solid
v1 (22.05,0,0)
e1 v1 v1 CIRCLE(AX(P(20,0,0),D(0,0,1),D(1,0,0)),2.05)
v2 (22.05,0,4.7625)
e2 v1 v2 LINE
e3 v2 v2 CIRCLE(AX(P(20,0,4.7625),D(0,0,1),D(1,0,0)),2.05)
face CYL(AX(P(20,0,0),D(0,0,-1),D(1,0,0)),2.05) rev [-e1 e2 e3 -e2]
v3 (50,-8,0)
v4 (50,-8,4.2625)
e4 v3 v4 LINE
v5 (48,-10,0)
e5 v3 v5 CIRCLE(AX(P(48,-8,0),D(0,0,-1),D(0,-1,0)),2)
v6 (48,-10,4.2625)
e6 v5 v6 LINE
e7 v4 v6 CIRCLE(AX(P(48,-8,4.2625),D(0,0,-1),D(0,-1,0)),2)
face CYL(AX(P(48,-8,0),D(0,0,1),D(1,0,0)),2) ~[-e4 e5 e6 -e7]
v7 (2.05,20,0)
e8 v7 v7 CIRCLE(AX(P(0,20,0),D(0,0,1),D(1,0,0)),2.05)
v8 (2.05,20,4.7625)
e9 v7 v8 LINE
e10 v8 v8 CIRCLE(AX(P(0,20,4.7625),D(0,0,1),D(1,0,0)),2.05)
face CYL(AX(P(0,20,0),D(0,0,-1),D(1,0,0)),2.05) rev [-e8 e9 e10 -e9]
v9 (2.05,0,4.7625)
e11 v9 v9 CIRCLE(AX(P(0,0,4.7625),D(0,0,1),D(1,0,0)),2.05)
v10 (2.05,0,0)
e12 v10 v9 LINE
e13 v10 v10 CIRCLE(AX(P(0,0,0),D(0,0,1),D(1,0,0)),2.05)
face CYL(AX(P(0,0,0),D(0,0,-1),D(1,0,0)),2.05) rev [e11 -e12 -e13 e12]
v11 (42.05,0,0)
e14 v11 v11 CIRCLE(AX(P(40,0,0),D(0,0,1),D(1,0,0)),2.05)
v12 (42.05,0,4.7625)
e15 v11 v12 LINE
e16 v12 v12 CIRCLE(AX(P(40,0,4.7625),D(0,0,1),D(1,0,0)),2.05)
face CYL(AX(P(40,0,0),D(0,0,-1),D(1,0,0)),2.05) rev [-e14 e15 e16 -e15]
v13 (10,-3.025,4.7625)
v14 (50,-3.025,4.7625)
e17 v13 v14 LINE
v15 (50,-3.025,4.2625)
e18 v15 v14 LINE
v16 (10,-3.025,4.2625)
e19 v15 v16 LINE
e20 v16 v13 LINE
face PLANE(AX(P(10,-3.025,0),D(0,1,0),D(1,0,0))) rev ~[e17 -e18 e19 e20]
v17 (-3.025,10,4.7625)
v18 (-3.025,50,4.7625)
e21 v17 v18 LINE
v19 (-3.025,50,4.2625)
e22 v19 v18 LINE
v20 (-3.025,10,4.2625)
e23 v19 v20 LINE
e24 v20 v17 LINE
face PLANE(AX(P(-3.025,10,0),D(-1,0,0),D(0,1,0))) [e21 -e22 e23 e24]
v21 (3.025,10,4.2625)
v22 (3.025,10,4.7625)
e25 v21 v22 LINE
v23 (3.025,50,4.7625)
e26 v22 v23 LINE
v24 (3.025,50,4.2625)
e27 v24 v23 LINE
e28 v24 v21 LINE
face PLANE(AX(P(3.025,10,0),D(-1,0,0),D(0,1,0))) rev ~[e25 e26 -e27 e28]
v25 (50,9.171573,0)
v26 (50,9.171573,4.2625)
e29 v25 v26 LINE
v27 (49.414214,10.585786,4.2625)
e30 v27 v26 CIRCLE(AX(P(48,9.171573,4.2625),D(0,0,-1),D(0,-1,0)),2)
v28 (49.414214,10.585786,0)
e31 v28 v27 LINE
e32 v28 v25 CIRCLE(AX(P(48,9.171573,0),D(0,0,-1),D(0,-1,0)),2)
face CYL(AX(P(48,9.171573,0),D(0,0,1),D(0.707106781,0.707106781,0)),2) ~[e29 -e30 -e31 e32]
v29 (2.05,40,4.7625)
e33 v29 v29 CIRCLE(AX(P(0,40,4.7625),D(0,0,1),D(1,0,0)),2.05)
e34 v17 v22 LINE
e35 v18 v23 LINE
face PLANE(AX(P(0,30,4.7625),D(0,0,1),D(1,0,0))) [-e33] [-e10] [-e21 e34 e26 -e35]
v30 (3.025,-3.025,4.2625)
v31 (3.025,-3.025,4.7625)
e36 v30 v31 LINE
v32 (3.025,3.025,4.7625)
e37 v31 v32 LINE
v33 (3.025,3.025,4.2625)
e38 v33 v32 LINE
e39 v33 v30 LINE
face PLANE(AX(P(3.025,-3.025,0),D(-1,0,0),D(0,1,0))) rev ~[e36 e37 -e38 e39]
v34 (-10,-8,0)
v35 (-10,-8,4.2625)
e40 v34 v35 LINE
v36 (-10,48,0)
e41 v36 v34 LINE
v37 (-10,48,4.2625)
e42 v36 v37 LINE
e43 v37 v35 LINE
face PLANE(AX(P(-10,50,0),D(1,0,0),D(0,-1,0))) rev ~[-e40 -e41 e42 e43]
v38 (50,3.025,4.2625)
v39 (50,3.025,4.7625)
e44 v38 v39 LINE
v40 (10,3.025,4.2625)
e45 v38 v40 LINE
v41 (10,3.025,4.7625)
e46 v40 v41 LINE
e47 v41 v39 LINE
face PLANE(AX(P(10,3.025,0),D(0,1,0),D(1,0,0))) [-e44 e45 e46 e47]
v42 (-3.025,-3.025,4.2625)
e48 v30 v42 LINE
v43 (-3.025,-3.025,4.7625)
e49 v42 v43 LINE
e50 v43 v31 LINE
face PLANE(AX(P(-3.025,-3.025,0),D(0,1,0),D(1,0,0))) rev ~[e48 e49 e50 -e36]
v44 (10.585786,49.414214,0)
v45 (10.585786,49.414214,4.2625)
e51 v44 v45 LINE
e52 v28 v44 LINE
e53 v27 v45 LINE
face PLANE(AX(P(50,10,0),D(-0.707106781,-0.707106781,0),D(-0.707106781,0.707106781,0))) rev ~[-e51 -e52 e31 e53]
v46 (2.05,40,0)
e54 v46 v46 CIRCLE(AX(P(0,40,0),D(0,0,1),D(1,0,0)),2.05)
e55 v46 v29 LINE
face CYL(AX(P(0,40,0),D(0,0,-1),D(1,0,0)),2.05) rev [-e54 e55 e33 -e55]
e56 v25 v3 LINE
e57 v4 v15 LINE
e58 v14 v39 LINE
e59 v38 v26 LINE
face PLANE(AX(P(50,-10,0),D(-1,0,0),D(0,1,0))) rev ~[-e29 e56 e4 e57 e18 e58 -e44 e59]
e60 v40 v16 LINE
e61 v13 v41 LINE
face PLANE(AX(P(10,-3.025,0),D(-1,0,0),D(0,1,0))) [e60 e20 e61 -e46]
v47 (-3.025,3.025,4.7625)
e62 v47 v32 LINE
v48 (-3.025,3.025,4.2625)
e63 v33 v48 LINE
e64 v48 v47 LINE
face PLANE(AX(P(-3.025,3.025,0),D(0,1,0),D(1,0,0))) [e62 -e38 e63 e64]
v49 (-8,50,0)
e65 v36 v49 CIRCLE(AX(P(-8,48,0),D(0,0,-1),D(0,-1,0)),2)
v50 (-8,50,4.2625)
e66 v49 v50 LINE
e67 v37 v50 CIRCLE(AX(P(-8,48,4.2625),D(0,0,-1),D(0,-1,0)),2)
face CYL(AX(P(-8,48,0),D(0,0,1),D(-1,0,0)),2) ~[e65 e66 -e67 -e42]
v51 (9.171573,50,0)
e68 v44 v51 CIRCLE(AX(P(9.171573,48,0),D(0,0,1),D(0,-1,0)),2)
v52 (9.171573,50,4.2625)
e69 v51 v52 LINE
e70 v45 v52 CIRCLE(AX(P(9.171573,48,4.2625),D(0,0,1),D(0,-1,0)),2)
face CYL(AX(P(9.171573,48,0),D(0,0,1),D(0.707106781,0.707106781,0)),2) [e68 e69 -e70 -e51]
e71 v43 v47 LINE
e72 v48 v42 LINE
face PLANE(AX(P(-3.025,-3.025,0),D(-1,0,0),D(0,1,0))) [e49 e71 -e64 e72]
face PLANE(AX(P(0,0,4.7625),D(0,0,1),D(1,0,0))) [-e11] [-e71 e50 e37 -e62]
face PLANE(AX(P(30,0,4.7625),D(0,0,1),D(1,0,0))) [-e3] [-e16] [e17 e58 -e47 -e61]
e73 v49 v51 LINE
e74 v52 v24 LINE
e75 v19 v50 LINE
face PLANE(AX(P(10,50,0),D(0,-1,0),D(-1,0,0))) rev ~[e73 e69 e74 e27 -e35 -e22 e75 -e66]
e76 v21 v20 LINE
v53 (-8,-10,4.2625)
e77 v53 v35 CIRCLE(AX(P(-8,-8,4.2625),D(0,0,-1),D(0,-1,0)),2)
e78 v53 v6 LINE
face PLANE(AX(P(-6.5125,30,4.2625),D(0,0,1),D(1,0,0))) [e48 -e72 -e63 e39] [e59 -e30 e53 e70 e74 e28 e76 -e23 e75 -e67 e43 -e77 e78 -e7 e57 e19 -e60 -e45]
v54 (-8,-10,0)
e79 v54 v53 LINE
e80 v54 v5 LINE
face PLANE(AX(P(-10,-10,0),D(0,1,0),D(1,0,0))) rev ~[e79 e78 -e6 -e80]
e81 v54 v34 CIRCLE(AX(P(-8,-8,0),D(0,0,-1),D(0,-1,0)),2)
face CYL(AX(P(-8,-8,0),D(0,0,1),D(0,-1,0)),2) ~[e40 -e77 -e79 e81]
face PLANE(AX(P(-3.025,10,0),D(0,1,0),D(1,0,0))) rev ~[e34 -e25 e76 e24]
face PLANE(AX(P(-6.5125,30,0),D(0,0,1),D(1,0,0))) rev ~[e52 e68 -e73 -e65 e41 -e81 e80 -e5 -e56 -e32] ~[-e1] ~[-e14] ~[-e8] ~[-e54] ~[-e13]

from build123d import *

# Parameters (mm, degrees)
F2_W     = 6.975
F2_H     = 40
F2_H_2   = 6.975
F2_W_2   = 6.05
F2_R     = 2.05
F2_H_3   = 6.05
F2_W_3   = 40
F3_DEPTH = 4.2625
F4_DEPTH = 4.7625
F5_R     = 2


with BuildPart() as f3:
    # F2 (on Top) → F3 (new body)
    with BuildSketch(Plane.XY):
        with Locations((-6.5125, 30)):
            Rectangle(F2_W, F2_H)
        with Locations((-6.5125, 6.5125)):
            Rectangle(F2_W, F2_H_2)
        with Locations((0, 30)):
            Rectangle(F2_W_2, F2_H)
        with Locations((0, 20)):
            Circle(F2_R, mode=Mode.SUBTRACT)
        with Locations((0, 40)):
            Circle(F2_R, mode=Mode.SUBTRACT)
        with Locations((-6.5125, 0)):
            Rectangle(F2_W, F2_H_3)
        with Locations((6.5125, 30)):
            Rectangle(F2_W, F2_H)
        with Locations((-6.5125, -6.5125)):
            Rectangle(F2_W, F2_H_2)
        Polygon((50, 10), (10, 50), (10, 10), align=None)
        with Locations((0, -6.5125)):
            Rectangle(F2_W_2, F2_H_2)
        with Locations((30, 6.5125)):
            Rectangle(F2_W_3, F2_H_2)
        with Locations((6.5125, -6.5125)):
            Rectangle(F2_W, F2_H_2)
        with Locations((30, 0)):
            Rectangle(F2_W_3, F2_H_3)
        with Locations((20, 0)):
            Circle(F2_R, mode=Mode.SUBTRACT)
        with Locations((40, 0)):
            Circle(F2_R, mode=Mode.SUBTRACT)
        with Locations((30, -6.5125)):
            Rectangle(F2_W_3, F2_H_2)
        with Locations((6.5125, 6.5125)):
            Rectangle(F2_W, F2_H_2)
        with Locations((6.5125, 0)):
            Rectangle(F2_W, F2_H_3)
        Rectangle(F2_W_2, F2_H_3)
        Circle(F2_R, mode=Mode.SUBTRACT)
        with Locations((0, 6.5125)):
            Rectangle(F2_W_2, F2_H_2)
    extrude(amount=F3_DEPTH)

    # F2 (on Top) → F4 (join)
    with BuildSketch(Plane.XY):
        Rectangle(F2_W_2, F2_H_3)
        Circle(F2_R, mode=Mode.SUBTRACT)
        with Locations((30, 0)):
            Rectangle(F2_W_3, F2_H_3)
        with Locations((20, 0)):
            Circle(F2_R, mode=Mode.SUBTRACT)
        with Locations((40, 0)):
            Circle(F2_R, mode=Mode.SUBTRACT)
        with Locations((0, 30)):
            Rectangle(F2_W_2, F2_H)
        with Locations((0, 20)):
            Circle(F2_R, mode=Mode.SUBTRACT)
        with Locations((0, 40)):
            Circle(F2_R, mode=Mode.SUBTRACT)
    extrude(amount=F4_DEPTH)

    # F5
    f5_edges = [f3.edges().sort_by_distance(p)[0] for p in [
        (50, 10, 2.13125),
        (50, -10, 2.13125),
        (-10, -10, 2.13125),
        (-10, 50, 2.13125),
        (10, 50, 2.13125),
    ]]
    fillet(f5_edges, radius=F5_R)


solid = f3.part
